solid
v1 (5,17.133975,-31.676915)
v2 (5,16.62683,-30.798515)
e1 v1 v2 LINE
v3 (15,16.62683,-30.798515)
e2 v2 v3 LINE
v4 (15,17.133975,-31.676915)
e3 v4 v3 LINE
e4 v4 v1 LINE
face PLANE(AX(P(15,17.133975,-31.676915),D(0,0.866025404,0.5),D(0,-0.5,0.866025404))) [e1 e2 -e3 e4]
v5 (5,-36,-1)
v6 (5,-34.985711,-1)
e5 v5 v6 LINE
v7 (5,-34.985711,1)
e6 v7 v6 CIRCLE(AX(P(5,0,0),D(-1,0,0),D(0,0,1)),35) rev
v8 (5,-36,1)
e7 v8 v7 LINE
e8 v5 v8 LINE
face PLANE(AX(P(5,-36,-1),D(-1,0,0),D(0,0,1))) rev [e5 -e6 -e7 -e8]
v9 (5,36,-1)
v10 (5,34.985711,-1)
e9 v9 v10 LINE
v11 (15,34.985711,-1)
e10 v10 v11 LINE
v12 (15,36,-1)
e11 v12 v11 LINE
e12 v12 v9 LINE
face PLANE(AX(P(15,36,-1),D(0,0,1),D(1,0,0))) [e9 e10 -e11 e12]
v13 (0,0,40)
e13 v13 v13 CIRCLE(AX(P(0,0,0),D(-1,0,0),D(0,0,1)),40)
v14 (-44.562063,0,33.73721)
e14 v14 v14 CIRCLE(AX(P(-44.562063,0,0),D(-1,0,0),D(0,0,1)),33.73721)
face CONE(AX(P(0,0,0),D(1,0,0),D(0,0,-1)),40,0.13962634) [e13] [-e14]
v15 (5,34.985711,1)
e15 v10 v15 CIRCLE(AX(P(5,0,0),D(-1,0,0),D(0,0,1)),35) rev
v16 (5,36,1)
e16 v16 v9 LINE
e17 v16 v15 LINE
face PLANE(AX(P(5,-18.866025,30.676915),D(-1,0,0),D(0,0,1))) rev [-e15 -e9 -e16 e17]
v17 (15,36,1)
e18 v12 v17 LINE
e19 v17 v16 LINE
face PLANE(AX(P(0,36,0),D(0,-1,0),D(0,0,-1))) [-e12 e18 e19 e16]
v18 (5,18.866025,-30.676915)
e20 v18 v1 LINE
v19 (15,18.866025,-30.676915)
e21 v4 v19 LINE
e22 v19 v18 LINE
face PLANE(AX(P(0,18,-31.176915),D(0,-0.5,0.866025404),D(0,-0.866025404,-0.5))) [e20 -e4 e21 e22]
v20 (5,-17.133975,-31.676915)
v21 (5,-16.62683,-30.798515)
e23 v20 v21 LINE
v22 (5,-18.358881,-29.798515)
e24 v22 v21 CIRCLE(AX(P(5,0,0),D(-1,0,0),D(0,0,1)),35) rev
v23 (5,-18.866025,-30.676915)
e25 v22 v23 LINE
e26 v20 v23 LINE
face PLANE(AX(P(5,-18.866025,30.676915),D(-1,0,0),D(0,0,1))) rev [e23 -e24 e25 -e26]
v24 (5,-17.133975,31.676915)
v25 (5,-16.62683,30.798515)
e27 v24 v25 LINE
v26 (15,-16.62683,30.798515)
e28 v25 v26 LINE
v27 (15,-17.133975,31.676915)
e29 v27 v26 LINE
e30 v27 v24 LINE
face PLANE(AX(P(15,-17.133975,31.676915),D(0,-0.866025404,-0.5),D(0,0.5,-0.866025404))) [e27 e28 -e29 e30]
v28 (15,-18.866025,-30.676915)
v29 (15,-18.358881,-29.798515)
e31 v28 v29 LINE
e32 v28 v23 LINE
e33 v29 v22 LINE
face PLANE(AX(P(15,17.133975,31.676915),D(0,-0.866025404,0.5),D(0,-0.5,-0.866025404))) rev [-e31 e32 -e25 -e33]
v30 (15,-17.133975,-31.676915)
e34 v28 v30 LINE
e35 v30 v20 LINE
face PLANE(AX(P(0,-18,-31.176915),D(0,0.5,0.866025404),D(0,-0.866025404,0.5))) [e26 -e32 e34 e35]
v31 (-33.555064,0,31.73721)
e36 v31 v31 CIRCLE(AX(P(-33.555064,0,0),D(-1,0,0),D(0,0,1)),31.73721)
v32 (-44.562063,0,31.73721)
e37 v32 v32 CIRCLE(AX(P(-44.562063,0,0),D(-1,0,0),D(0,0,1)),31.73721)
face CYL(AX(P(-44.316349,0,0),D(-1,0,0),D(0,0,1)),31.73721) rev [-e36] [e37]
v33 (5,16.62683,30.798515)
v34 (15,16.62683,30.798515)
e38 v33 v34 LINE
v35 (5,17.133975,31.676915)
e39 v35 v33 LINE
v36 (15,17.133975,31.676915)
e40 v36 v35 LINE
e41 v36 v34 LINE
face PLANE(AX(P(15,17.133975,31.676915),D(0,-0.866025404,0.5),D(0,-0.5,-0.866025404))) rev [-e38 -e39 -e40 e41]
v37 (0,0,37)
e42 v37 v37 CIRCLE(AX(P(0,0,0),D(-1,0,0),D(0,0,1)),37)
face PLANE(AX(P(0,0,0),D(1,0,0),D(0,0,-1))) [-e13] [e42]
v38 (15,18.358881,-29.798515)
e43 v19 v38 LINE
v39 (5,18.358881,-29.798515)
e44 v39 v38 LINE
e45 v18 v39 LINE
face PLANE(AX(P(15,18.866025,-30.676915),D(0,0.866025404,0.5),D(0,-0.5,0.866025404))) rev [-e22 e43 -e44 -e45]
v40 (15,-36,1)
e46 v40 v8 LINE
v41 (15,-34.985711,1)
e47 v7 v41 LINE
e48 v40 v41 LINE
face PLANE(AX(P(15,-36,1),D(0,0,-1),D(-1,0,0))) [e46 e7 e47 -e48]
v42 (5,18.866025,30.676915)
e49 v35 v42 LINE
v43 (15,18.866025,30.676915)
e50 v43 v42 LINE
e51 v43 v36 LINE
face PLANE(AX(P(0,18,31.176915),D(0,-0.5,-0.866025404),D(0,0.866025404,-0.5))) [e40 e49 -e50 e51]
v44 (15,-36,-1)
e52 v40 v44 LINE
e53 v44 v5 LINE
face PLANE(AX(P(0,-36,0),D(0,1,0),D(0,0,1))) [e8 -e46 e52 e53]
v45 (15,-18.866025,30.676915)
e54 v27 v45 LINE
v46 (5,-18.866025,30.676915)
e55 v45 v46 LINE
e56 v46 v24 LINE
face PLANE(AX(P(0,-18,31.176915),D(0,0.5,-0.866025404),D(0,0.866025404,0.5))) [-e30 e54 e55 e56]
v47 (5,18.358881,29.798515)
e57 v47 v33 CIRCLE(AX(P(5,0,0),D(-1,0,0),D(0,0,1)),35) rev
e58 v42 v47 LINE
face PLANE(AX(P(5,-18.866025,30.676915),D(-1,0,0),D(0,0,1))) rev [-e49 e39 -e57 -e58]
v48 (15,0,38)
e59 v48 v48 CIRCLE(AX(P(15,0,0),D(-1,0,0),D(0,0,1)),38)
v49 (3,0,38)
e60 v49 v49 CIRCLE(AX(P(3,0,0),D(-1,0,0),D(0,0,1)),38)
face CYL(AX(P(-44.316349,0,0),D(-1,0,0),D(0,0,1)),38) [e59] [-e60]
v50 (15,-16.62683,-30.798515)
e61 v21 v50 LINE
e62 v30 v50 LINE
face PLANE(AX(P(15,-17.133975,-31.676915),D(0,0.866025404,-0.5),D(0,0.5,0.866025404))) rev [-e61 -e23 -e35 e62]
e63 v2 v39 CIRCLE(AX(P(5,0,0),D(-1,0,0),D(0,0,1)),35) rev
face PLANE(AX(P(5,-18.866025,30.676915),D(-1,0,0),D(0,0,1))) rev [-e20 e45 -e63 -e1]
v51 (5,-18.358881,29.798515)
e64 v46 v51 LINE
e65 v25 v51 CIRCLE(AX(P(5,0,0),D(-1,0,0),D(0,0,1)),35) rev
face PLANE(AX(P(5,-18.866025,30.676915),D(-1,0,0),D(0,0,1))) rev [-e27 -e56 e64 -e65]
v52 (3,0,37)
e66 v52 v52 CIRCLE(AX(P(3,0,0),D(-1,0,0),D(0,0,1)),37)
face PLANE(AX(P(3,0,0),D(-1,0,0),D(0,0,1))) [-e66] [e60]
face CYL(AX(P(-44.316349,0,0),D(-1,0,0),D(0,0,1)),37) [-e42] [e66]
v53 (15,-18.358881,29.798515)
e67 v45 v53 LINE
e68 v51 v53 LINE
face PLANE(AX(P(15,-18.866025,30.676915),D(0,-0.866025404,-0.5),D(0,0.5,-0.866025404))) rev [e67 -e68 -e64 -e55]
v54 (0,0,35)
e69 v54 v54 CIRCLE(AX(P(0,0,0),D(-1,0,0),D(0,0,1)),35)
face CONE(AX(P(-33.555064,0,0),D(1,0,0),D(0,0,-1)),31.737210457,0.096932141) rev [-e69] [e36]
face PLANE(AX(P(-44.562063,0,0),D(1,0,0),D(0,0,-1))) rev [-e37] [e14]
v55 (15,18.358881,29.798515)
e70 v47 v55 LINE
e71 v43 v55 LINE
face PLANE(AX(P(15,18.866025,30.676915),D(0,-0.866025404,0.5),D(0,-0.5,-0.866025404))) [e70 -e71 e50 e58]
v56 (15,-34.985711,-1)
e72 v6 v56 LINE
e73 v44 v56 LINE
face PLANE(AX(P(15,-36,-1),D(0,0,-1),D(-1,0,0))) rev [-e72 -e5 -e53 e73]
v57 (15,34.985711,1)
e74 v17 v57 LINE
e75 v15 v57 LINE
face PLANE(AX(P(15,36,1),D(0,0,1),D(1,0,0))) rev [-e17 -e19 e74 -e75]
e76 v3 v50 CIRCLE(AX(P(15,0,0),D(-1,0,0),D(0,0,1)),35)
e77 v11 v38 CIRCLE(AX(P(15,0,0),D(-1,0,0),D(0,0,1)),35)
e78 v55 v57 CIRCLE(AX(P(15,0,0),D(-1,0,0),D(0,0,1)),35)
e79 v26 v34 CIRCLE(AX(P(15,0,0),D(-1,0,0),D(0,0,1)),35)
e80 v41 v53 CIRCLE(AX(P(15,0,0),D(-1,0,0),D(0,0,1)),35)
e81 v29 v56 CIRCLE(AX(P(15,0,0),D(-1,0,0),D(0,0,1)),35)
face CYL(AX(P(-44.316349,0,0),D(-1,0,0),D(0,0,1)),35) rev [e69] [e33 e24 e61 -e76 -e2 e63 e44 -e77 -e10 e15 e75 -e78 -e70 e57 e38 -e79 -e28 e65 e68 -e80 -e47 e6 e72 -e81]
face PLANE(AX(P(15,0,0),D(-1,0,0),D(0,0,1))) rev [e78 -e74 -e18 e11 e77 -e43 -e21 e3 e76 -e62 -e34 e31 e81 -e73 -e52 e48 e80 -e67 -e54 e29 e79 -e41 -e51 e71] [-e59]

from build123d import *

# Parameters (mm, degrees)
IZIM3_W                 = 10
IZIM3_H                 = 2
KES_EKSTR_ZYON1_DEPTH   = 36
DAIRESEL_KAPLAMA1_COUNT = 6


with BuildPart() as part:
    # Çizim1 → Döndür2 (revolve)
    with BuildSketch(Plane.XY):
        Polygon((0, 40), (-44.562063093, 33.737210457), (-44.562063093, 31.737210457), (-33.555064496, 31.737210457), (0, 35), (15, 35), (15, 38), (3, 38), (3, 37), (0, 37), align=None)
    revolve(axis=Axis((-44.316348886, 0, 0), (1, 0, 0)))

    # Çizim3 → Kes-Ekstrüzyon1 (cut)
    with BuildSketch(Plane(origin=(0, 0, 0), x_dir=(1, 0, 0), z_dir=(0, 1, 0))):
        with Locations((10, 0)):
            Rectangle(IZIM3_W, IZIM3_H)
    kes_ekstr_zyon1 = extrude(amount=-KES_EKSTR_ZYON1_DEPTH, mode=Mode.SUBTRACT)

    # Dairesel Kaplama1: Kes-Ekstrüzyon1 ×6 about axis
    dairesel_kaplama1_axis = Axis((0, 0, 0), (-1, 0, 0))
    for i in range(1, DAIRESEL_KAPLAMA1_COUNT):
        add(kes_ekstr_zyon1.rotate(dairesel_kaplama1_axis, i * 360 / DAIRESEL_KAPLAMA1_COUNT), mode=Mode.SUBTRACT)


solid = part.part
